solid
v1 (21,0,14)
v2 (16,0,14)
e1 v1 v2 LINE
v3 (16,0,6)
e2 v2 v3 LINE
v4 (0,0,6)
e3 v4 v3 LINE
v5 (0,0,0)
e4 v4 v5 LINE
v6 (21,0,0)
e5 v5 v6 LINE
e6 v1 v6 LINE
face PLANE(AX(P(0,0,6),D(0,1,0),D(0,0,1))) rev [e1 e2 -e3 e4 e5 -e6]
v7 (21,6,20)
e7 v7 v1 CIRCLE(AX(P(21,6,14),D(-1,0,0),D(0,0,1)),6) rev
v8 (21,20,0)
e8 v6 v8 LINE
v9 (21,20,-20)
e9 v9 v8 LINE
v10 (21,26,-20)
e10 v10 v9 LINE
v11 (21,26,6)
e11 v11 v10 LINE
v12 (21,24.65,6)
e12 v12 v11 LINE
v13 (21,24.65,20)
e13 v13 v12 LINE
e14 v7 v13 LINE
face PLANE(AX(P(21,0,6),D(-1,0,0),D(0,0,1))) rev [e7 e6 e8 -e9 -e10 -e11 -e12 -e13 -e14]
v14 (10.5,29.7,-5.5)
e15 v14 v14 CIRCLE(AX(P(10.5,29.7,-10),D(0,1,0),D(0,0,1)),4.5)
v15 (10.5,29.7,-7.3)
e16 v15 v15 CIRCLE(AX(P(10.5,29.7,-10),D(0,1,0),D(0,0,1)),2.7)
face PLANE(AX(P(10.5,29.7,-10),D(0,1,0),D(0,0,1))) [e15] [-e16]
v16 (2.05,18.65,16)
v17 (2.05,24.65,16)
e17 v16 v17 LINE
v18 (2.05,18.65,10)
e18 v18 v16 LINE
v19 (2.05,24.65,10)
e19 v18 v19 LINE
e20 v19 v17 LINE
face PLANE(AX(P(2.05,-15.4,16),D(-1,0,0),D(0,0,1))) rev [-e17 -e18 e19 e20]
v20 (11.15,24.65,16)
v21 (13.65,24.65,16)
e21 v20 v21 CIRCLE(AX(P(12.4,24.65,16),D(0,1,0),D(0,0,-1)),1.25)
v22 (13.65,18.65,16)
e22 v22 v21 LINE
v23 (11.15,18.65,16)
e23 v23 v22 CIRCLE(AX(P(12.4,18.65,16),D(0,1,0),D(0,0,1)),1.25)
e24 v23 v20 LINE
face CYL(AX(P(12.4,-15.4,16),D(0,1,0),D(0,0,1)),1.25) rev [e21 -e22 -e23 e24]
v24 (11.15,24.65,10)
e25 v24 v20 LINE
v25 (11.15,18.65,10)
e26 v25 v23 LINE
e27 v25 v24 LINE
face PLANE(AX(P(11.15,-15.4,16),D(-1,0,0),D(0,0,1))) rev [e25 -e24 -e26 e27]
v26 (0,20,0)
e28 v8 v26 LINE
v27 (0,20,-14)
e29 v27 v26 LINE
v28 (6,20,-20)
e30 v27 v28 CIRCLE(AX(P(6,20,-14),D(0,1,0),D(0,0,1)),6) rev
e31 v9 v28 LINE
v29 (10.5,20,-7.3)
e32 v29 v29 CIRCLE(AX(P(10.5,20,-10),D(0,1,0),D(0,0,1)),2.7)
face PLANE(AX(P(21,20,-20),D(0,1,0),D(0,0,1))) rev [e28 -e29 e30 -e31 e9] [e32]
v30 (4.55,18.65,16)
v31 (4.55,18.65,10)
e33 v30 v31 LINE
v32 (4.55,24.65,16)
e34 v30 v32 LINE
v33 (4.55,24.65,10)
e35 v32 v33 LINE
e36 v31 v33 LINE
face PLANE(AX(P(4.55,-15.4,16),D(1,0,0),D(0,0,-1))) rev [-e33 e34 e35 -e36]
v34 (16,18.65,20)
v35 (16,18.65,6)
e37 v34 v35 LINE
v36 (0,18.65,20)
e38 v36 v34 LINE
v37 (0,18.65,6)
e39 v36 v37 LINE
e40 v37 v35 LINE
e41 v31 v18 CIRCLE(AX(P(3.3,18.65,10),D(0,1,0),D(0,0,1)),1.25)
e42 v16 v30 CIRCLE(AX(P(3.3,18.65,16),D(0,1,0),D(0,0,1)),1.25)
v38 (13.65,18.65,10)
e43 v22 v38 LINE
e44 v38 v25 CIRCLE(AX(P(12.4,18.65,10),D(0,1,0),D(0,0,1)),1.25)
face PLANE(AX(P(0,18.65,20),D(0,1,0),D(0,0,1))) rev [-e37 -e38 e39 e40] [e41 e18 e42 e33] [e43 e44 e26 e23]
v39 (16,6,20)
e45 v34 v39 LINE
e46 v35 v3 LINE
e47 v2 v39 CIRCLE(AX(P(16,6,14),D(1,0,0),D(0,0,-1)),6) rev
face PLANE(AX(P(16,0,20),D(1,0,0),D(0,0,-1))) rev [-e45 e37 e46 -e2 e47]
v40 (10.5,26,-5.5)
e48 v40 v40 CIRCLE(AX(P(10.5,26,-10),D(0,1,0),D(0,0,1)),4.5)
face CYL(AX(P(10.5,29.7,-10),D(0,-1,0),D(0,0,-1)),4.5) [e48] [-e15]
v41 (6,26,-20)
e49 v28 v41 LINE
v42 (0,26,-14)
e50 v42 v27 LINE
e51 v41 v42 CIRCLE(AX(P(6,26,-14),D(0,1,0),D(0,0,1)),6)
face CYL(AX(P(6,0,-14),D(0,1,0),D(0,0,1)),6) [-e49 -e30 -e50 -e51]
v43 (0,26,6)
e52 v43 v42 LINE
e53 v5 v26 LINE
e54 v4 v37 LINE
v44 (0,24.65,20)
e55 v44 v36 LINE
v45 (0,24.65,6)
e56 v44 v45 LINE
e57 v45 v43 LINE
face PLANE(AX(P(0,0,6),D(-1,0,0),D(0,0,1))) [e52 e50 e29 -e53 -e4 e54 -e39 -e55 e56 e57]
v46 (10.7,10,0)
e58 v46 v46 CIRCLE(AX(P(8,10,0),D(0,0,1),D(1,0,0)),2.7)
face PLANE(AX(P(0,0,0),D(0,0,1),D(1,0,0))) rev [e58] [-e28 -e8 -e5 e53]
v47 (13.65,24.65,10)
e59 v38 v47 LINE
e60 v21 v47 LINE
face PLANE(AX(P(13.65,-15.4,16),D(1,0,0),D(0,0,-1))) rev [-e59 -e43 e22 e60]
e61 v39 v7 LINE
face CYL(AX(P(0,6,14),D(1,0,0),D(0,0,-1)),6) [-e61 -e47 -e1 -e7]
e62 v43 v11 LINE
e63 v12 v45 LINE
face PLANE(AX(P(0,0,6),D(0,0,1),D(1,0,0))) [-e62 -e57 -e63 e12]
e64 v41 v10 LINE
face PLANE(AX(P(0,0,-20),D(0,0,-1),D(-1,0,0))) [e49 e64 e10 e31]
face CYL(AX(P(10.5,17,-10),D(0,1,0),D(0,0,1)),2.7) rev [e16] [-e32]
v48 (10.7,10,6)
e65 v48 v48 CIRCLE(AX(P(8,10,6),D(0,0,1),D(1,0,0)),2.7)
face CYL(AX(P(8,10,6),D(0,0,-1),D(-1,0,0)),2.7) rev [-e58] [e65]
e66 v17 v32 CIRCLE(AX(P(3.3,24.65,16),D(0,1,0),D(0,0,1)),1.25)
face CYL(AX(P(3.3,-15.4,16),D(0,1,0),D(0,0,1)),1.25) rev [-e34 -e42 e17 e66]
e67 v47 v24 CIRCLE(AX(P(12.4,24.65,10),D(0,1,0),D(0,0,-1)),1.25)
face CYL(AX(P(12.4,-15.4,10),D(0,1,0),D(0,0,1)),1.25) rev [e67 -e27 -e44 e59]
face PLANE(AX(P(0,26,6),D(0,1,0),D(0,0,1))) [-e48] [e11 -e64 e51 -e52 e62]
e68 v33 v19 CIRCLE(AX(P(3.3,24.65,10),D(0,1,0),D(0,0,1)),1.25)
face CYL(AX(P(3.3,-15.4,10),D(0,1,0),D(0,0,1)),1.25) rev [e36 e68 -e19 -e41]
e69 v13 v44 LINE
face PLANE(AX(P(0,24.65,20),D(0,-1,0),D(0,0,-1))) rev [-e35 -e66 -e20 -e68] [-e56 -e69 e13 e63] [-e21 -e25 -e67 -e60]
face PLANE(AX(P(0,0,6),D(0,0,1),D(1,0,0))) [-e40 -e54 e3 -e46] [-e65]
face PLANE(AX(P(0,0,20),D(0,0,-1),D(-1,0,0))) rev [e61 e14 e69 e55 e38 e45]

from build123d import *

# Parameters (mm, degrees)
SZKIC1_W                    = 21
SZKIC1_H                    = 6
SZKIC1_H_2                  = 20
SZKIC1_R                    = 2.7
DODANIE_WYCI_GNI_CIE1_DEPTH = 6
SZKIC2_W                    = 21
SZKIC2_H                    = 6
DODANIE_WYCI_GNI_CIE2_DEPTH = 20
SZKIC3_R                    = 2.7
WYTNIJ_WYCI_GNI_CIE1_DEPTH  = 9
SZKIC4_W                    = 21
SZKIC4_H                    = 6
DODANIE_WYCI_GNI_CIE3_DEPTH = 14
WYTNIJ_WYCI_GNI_CIE2_DEPTH  = 40.05
SZKIC6_R                    = 4.5
SZKIC6_R_2                  = 2.7
DODANIE_WYCI_GNI_CIE5_DEPTH = 3.7
ZAOKR_GLENIE2_R             = 6
SZKIC7_W                    = 5
SZKIC7_H                    = 18.65
DODANIE_WYCI_GNI_CIE6_DEPTH = 14
ZAOKR_GLENIE3_R             = 6


with BuildPart() as part:
    # Szkic1 → Dodanie-wyciągnięcie1 (new body)
    with BuildSketch(Plane.XY):
        with Locations((10.5, 23)):
            Rectangle(SZKIC1_W, SZKIC1_H)
        with Locations((10.5, 10)):
            Rectangle(SZKIC1_W, SZKIC1_H_2)
        with Locations((8, 10)):
            Circle(SZKIC1_R, mode=Mode.SUBTRACT)
    extrude(amount=DODANIE_WYCI_GNI_CIE1_DEPTH)

    # Szkic2 → Dodanie-wyciągnięcie2 (add)
    with BuildSketch(Plane(origin=(0, 0, 0), x_dir=(-1, 0, 0), z_dir=(0, 0, -1))):
        with Locations((-10.5, 23)):
            Rectangle(SZKIC2_W, SZKIC2_H)
    extrude(amount=DODANIE_WYCI_GNI_CIE2_DEPTH)

    # Szkic3 → Wytnij-wyciągnięcie1 (cut)
    with BuildSketch(Plane(origin=(0, 26, 0), x_dir=(1, 0, 0), z_dir=(0, 1, 0))):
        with Locations((10.5, 10)):
            Circle(SZKIC3_R)
    extrude(amount=-WYTNIJ_WYCI_GNI_CIE1_DEPTH, mode=Mode.SUBTRACT)

    # Szkic4 → Dodanie-wyciągnięcie3 (add)
    with BuildSketch(Plane.XY.offset(6)):
        with Locations((10.5, 21.65)):
            Rectangle(SZKIC4_W, SZKIC4_H)
    extrude(amount=DODANIE_WYCI_GNI_CIE3_DEPTH)

    # Szkic5 → Wytnij-wyciągnięcie2 (cut)
    with BuildSketch(Plane(origin=(0, 24.65, 0), x_dir=(1, 0, 0), z_dir=(0, 1, 0))):
        with BuildLine():
            Line((2.05, -16), (2.05, -10))
            ThreePointArc((2.05, -10), (3.3, -8.75), (4.55, -10))
            Line((4.55, -10), (4.55, -16))
            ThreePointArc((4.55, -16), (3.3, -17.25), (2.05, -16))
        make_face()
        with BuildLine():
            Line((13.65, -16), (13.65, -10))
            ThreePointArc((13.65, -10), (12.4, -8.75), (11.15, -10))
            Line((11.15, -10), (11.15, -16))
            ThreePointArc((11.15, -16), (12.4, -17.25), (13.65, -16))
        make_face()
    extrude(amount=-WYTNIJ_WYCI_GNI_CIE2_DEPTH, mode=Mode.SUBTRACT)

    # Szkic6 → Dodanie-wyciągnięcie5 (add)
    with BuildSketch(Plane(origin=(0, 26, 0), x_dir=(1, 0, 0), z_dir=(0, 1, 0))):
        with Locations((10.5, 10)):
            Circle(SZKIC6_R)
        with Locations((10.5, 10)):
            Circle(SZKIC6_R_2, mode=Mode.SUBTRACT)
    extrude(amount=DODANIE_WYCI_GNI_CIE5_DEPTH)

    # Zaokrąglenie2
    zaokr_glenie2_edges = [part.edges().sort_by_distance(p)[0] for p in [
        (0, 23, -20),
    ]]
    fillet(zaokr_glenie2_edges, radius=ZAOKR_GLENIE2_R)

    # Szkic7 → Dodanie-wyciągnięcie6 (add)
    with BuildSketch(Plane.XY.offset(6)):
        with Locations((18.5, 9.325)):
            Rectangle(SZKIC7_W, SZKIC7_H)
    extrude(amount=DODANIE_WYCI_GNI_CIE6_DEPTH)

    # Zaokrąglenie3
    zaokr_glenie3_edges = [part.edges().sort_by_distance(p)[0] for p in [
        (18.5, 0, 20),
    ]]
    fillet(zaokr_glenie3_edges, radius=ZAOKR_GLENIE3_R)


solid = part.part
